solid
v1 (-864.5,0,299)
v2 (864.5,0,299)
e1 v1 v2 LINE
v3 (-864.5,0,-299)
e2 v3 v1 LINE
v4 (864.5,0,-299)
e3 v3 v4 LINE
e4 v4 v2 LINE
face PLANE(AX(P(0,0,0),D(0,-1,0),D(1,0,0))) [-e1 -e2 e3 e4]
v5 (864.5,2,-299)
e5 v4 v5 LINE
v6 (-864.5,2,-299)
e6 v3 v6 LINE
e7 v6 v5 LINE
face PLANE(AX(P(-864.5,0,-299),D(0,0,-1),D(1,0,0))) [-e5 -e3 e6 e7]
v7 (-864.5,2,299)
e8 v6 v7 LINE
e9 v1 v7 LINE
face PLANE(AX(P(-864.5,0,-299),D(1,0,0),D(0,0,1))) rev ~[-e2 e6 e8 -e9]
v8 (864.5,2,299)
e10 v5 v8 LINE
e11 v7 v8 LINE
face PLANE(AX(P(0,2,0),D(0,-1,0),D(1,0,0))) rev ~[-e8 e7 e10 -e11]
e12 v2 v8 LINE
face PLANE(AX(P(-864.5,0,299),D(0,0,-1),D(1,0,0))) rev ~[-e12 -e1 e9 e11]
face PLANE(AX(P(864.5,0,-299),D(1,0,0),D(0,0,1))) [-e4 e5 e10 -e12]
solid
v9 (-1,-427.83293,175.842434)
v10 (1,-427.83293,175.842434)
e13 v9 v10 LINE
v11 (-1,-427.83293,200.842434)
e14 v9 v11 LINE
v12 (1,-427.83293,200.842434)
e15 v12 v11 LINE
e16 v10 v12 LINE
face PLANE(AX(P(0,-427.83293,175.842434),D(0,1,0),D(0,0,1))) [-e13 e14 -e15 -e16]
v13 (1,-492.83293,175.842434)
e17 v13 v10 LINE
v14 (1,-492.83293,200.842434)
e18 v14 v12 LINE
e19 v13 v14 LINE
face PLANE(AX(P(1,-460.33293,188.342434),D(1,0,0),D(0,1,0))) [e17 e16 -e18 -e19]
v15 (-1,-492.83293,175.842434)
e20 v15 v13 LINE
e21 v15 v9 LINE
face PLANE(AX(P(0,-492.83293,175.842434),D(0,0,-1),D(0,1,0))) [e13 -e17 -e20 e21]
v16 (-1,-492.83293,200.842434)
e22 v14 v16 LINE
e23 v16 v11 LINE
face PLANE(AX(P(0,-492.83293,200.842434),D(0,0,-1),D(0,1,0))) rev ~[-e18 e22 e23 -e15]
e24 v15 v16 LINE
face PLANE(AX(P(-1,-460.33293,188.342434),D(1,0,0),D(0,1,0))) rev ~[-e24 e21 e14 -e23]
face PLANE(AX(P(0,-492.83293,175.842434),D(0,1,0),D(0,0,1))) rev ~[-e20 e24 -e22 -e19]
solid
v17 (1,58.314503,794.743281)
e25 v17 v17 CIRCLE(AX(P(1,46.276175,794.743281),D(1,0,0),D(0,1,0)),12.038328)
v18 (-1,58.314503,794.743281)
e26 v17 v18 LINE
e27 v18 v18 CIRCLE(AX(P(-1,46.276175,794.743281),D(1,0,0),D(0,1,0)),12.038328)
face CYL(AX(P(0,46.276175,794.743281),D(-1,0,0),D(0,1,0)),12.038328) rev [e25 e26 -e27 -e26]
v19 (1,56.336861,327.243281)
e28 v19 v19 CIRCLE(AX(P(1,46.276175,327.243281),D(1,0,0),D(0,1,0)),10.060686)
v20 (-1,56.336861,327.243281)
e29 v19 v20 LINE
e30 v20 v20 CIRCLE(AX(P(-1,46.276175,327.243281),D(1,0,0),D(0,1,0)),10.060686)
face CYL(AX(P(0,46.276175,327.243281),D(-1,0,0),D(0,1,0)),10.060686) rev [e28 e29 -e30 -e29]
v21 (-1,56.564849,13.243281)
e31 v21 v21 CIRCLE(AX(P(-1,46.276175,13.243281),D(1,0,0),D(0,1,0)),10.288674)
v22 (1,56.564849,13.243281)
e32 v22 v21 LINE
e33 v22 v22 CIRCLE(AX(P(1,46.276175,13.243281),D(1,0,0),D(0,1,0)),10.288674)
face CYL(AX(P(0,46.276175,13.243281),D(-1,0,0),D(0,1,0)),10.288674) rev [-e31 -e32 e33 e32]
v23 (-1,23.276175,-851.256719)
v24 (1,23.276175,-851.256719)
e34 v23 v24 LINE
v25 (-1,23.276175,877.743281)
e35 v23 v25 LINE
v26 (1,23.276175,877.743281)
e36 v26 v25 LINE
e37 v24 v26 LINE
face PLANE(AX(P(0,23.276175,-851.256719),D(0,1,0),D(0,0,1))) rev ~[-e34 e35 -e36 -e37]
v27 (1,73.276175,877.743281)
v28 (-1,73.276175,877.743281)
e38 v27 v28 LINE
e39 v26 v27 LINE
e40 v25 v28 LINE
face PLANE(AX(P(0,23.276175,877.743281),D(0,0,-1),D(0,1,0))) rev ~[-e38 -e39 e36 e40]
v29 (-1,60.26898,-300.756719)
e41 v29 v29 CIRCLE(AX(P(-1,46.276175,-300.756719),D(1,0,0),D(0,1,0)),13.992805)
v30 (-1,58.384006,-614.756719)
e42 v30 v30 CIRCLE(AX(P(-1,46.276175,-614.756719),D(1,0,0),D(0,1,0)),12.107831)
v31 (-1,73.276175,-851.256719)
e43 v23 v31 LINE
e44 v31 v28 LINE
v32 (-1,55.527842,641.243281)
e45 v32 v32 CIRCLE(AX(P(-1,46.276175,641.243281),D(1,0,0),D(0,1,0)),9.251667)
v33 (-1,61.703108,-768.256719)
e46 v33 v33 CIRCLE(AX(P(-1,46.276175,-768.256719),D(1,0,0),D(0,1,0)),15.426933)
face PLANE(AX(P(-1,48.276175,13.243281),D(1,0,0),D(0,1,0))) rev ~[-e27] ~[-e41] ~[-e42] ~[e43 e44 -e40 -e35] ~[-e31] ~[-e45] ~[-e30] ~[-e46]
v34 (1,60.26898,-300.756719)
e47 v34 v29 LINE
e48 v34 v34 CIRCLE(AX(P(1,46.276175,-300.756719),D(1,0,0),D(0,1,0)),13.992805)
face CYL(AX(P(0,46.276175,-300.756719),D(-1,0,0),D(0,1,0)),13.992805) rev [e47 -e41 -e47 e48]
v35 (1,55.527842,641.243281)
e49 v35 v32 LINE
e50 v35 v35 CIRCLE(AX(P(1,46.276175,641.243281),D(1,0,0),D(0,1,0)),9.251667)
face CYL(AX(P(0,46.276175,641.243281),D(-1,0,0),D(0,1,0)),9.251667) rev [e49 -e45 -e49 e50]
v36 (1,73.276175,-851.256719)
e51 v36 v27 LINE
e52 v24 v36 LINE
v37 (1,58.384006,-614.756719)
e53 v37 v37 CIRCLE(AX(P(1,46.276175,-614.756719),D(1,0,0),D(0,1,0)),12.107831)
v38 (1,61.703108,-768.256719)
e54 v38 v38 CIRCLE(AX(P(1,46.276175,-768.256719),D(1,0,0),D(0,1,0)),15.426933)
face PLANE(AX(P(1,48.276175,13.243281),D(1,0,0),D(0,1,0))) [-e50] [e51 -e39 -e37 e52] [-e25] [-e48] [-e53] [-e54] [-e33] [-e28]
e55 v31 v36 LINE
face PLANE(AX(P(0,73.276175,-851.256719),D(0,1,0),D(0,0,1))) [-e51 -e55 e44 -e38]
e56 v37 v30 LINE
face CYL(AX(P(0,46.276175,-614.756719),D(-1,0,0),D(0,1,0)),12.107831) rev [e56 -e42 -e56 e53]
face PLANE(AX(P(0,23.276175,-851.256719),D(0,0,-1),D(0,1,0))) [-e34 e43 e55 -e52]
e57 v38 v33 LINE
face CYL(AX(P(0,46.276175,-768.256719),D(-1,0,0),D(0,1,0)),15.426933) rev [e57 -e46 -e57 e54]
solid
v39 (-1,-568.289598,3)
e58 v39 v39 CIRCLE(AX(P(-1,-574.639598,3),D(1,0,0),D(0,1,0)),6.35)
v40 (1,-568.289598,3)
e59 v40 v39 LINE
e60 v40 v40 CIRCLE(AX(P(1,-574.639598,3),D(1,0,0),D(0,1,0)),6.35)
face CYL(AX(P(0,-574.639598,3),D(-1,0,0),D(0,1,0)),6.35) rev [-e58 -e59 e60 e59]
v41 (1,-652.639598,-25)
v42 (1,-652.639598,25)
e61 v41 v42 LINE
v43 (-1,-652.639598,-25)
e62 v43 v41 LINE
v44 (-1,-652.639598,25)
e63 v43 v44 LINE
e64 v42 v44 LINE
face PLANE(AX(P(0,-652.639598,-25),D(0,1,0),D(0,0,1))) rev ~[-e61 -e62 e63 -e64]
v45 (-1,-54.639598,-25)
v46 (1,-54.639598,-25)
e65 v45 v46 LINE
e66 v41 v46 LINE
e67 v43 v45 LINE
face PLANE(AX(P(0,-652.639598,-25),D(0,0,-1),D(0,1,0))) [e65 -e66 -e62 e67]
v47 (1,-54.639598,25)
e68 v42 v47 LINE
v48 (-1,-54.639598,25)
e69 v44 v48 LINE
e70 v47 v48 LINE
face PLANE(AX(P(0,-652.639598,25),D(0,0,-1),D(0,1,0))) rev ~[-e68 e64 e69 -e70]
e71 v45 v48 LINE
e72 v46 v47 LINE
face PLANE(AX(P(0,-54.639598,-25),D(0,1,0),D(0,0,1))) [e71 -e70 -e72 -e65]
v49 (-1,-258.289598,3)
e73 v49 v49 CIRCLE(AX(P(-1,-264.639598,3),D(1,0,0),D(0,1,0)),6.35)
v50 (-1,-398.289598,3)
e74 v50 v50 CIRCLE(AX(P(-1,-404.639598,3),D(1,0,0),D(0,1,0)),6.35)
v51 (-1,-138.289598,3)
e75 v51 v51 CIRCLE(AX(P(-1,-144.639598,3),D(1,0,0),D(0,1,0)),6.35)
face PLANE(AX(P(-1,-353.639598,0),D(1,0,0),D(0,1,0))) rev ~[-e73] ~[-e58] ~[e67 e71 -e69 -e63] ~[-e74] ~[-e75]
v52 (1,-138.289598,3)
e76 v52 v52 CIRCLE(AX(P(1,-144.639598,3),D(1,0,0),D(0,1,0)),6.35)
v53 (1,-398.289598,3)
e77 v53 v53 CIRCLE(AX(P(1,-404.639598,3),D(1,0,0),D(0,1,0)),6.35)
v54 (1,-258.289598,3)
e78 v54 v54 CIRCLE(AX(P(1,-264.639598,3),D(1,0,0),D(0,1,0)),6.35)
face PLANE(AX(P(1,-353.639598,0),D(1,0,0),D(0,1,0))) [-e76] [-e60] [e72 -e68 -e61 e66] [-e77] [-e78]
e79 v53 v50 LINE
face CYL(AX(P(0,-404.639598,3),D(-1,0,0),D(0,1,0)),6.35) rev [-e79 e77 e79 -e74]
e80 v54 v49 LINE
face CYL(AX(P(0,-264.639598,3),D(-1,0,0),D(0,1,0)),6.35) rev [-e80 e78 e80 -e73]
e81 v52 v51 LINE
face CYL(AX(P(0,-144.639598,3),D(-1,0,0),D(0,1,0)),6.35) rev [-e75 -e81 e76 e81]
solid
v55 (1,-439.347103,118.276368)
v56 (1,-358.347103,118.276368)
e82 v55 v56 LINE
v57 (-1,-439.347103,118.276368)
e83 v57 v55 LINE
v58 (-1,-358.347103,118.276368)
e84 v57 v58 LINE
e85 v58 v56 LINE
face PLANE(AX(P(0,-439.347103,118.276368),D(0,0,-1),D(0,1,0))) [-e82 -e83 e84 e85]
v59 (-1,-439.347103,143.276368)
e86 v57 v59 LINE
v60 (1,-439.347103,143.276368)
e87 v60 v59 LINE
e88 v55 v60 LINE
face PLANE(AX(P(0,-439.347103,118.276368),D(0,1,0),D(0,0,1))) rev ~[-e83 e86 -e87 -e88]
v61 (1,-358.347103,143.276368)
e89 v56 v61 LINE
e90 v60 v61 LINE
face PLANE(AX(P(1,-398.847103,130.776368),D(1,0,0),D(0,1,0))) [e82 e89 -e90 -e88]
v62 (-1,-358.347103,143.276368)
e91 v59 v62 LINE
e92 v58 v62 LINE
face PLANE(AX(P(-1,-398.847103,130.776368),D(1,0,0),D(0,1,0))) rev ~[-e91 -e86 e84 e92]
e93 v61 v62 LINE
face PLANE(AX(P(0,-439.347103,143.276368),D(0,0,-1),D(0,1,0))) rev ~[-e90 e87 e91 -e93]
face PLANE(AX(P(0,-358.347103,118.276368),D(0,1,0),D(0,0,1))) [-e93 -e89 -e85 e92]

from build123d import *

# Parameters (mm, degrees)
F0_W     = 1729
F0_H     = 598
F1_DEPTH = 2
F2_W     = 598
F2_H     = 50
F2_R     = 6.35
F3_DEPTH = 1
F4_W     = 50
F4_H     = 1729
F4_R     = 15.426933
F4_R_2   = 12.107831
F4_R_3   = 13.992805
F4_R_4   = 10.288674
F4_R_5   = 10.060686
F4_R_6   = 9.251667
F4_R_7   = 12.038328
F5_DEPTH = 1
F6_W     = 65
F6_H     = 25
F7_DEPTH = 1
F8_W     = 81
F8_H     = 25
F9_DEPTH = 1


with BuildPart() as f1:
    # F0 (on Front) → F1 (new body)
    with BuildSketch(Plane.XZ):
        Rectangle(F0_W, F0_H)
    extrude(amount=-F1_DEPTH)


with BuildPart() as f3:
    # F2 (on Right) → F3 (new body, symmetric)
    with BuildSketch(Plane.YZ):
        with Locations((-353.639598, 0)):
            Rectangle(F2_W, F2_H)
        with Locations((-574.639598, 3)):
            Circle(F2_R, mode=Mode.SUBTRACT)
        with Locations((-404.639598, 3)):
            Circle(F2_R, mode=Mode.SUBTRACT)
        with Locations((-264.639598, 3)):
            Circle(F2_R, mode=Mode.SUBTRACT)
        with Locations((-144.639598, 3)):
            Circle(F2_R, mode=Mode.SUBTRACT)
    extrude(amount=F3_DEPTH, both=True)


with BuildPart() as f5:
    # F4 (on Right) → F5 (new body, symmetric)
    with BuildSketch(Plane.YZ):
        with Locations((48.276175, 13.243281)):
            Rectangle(F4_W, F4_H)
        with Locations((46.276175, -768.256719)):
            Circle(F4_R, mode=Mode.SUBTRACT)
        with Locations((46.276175, -614.756719)):
            Circle(F4_R_2, mode=Mode.SUBTRACT)
        with Locations((46.276175, -300.756719)):
            Circle(F4_R_3, mode=Mode.SUBTRACT)
        with Locations((46.276175, 13.243281)):
            Circle(F4_R_4, mode=Mode.SUBTRACT)
        with Locations((46.276175, 327.243281)):
            Circle(F4_R_5, mode=Mode.SUBTRACT)
        with Locations((46.276175, 641.243281)):
            Circle(F4_R_6, mode=Mode.SUBTRACT)
        with Locations((46.276175, 794.743281)):
            Circle(F4_R_7, mode=Mode.SUBTRACT)
    extrude(amount=F5_DEPTH, both=True)


with BuildPart() as f7:
    # F6 (on Right) → F7 (new body, symmetric)
    with BuildSketch(Plane.YZ):
        with Locations((-460.33293, 188.342434)):
            Rectangle(F6_W, F6_H)
    extrude(amount=F7_DEPTH, both=True)


with BuildPart() as f9:
    # F8 (on Right) → F9 (new body, symmetric)
    with BuildSketch(Plane.YZ):
        with Locations((-398.847103, 130.776368)):
            Rectangle(F8_W, F8_H)
    extrude(amount=F9_DEPTH, both=True)


solid = Compound([f1.part, f3.part, f5.part, f7.part, f9.part])
